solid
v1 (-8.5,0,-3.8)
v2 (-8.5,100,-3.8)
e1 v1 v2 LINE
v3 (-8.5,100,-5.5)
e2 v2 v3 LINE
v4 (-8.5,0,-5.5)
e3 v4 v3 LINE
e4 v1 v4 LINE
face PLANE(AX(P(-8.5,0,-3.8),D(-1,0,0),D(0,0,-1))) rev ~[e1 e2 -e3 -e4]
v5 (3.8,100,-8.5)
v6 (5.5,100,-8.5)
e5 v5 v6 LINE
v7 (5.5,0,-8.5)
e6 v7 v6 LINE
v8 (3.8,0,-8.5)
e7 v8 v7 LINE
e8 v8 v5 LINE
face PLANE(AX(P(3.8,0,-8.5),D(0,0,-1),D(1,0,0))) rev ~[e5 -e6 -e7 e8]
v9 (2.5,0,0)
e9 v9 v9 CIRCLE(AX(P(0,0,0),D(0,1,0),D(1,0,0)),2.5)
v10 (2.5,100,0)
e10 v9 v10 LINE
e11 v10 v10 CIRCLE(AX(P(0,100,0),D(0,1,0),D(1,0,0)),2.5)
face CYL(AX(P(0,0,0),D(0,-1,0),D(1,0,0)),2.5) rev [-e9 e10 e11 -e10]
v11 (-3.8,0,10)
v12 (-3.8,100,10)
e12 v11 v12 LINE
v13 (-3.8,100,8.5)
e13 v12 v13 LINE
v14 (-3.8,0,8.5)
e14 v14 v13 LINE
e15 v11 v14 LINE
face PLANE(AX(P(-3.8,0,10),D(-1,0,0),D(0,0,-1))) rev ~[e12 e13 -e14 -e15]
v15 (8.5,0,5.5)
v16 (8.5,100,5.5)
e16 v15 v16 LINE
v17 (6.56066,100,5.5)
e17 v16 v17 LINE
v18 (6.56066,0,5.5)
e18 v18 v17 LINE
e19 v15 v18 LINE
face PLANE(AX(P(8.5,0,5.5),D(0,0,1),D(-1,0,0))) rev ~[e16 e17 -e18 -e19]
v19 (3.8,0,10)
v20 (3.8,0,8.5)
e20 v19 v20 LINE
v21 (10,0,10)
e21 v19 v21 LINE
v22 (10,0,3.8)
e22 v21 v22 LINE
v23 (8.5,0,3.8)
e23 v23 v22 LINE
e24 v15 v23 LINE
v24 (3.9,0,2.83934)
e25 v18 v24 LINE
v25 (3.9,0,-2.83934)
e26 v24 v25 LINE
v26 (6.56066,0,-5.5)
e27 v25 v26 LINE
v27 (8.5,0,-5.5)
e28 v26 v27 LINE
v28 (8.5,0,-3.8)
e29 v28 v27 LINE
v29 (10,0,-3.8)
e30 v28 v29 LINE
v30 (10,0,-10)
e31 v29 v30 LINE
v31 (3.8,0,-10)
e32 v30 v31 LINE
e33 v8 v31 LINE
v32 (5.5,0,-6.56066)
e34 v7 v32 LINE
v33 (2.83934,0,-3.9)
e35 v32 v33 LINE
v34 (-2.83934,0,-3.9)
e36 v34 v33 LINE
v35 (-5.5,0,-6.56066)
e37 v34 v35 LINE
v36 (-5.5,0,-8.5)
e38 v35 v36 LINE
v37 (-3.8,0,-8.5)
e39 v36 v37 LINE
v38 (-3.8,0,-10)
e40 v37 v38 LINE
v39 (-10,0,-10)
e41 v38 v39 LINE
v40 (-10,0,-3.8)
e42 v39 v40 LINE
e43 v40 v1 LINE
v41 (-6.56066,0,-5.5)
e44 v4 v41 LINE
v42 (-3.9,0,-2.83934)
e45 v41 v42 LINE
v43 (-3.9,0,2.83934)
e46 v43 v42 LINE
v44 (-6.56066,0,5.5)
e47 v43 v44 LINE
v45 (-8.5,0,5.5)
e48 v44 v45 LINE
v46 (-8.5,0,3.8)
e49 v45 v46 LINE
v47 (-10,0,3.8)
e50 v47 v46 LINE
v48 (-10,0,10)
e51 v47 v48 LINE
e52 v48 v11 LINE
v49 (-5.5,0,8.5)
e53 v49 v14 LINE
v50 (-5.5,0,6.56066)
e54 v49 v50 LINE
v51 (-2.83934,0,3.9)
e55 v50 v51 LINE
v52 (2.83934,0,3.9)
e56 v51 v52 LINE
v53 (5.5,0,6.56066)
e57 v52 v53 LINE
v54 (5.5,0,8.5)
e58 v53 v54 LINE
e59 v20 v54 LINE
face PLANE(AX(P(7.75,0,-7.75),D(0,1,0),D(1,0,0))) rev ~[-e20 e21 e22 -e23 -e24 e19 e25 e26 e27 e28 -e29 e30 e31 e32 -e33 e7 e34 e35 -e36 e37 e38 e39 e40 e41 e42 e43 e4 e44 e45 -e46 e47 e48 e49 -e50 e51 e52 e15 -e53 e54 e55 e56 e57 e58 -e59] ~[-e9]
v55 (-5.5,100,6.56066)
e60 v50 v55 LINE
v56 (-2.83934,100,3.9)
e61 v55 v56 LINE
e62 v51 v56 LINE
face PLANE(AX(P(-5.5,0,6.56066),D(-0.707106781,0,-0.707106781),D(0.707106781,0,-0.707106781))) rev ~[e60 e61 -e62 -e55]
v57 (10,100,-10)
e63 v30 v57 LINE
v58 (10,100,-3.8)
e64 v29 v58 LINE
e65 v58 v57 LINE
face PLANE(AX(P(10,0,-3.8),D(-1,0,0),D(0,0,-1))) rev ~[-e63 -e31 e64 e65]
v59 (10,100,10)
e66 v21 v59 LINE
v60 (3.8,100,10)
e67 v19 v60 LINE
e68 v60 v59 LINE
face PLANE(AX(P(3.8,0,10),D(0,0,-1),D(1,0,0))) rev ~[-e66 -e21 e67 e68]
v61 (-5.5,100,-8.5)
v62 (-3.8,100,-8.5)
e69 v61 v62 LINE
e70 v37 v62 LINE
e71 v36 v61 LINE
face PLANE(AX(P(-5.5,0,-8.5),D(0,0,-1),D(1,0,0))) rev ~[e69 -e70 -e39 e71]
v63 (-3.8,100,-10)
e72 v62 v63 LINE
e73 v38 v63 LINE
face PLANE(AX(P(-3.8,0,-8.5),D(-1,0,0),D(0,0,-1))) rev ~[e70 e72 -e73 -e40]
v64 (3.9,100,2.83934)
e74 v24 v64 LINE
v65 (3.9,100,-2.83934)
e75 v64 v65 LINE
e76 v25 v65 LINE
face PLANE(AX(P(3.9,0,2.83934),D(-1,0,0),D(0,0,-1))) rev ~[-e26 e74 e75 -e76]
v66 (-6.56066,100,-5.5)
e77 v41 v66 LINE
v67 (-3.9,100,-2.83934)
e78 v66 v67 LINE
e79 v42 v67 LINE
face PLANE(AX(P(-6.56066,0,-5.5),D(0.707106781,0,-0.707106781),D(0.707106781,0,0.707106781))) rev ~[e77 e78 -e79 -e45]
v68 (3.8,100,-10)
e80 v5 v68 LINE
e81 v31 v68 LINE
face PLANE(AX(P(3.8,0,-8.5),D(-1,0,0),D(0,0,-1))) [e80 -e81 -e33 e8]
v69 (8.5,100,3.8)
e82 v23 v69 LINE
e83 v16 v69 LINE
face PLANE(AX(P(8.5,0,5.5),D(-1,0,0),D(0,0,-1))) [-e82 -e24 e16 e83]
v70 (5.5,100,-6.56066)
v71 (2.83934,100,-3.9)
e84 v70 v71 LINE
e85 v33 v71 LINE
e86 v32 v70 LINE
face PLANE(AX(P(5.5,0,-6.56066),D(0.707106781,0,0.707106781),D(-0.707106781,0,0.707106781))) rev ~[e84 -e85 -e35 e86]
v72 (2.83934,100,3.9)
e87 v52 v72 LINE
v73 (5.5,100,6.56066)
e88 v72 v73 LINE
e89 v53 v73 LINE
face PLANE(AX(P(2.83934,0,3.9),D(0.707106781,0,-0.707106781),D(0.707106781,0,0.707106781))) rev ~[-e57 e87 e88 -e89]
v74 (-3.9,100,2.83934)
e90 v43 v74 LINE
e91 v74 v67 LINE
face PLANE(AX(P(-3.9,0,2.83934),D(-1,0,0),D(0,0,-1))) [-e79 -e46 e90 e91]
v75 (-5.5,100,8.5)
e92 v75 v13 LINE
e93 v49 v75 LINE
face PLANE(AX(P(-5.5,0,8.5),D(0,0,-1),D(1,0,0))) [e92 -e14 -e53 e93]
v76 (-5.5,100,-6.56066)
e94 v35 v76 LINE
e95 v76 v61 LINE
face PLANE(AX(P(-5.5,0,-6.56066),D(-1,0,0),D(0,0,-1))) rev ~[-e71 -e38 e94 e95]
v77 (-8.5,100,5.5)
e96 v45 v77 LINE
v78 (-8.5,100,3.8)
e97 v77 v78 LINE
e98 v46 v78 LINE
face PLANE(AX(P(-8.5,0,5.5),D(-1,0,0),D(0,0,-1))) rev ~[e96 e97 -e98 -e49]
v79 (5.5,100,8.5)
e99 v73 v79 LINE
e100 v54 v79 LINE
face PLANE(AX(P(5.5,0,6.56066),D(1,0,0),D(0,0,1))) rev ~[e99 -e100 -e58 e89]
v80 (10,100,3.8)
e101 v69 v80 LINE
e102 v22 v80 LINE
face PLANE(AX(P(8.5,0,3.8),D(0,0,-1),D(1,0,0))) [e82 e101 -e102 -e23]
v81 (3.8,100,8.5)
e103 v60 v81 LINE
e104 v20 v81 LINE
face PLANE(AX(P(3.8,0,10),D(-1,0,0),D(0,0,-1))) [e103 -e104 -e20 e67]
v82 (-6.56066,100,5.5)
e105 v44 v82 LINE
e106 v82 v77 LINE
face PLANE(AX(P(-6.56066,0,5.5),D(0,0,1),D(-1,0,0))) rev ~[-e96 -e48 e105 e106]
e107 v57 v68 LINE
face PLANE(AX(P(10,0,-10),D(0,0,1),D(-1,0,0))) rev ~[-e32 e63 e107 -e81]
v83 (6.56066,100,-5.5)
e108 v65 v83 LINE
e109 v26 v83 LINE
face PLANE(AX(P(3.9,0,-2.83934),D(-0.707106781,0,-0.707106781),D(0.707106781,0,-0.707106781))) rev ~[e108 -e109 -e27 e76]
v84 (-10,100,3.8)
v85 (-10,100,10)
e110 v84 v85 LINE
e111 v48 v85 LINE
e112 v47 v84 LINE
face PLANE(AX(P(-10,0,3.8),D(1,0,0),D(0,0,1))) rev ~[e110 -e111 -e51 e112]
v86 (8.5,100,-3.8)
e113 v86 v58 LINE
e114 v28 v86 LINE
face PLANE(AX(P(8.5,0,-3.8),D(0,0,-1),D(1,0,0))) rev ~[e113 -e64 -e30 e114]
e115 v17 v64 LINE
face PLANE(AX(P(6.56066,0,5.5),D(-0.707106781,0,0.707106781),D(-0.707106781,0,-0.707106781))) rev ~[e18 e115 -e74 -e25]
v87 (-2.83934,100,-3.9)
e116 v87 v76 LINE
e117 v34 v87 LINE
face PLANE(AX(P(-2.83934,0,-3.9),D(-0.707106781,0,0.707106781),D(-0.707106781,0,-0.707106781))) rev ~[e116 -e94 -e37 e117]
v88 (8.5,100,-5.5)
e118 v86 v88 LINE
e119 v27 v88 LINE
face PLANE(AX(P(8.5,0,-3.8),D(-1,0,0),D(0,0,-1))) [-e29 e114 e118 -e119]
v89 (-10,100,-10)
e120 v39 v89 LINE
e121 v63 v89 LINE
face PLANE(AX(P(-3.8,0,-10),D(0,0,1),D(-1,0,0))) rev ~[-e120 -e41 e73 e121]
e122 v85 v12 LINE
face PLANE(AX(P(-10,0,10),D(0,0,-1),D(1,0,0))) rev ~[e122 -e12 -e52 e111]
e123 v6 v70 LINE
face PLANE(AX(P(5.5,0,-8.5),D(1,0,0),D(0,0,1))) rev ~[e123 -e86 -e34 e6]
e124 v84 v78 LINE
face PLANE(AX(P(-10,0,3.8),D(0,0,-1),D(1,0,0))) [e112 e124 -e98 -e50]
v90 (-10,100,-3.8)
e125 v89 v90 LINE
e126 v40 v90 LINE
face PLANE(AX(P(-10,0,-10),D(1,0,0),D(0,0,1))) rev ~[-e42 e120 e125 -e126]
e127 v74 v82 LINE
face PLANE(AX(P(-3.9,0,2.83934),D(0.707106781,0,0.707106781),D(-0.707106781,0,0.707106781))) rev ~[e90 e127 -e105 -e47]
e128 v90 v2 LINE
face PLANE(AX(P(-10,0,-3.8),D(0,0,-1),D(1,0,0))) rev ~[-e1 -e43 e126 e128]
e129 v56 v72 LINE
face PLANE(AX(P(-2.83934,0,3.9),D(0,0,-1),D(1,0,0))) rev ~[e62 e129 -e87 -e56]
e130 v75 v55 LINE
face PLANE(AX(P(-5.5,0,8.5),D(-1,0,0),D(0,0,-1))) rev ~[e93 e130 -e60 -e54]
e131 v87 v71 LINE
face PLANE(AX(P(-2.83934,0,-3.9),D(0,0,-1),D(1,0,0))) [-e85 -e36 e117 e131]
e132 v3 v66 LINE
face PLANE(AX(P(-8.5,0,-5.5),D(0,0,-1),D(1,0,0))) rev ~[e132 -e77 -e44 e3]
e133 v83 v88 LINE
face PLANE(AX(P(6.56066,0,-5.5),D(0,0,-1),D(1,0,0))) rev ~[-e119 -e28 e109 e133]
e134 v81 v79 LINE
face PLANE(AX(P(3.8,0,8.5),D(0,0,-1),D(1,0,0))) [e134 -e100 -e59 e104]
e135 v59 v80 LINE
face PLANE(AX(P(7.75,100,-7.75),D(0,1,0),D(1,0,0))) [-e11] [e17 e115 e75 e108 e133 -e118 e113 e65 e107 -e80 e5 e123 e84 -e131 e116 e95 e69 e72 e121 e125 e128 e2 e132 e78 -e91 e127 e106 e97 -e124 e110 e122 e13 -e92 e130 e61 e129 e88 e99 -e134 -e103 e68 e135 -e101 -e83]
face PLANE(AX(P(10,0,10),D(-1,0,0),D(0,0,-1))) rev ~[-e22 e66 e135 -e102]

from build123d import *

# Parameters (mm, degrees)
SKETCH_1_W      = 1.5
SKETCH_1_H      = 1.7
SKETCH_1_W_2    = 1.7
SKETCH_1_H_2    = 1.5
SKETCH_1_W_3    = 7.8
SKETCH_1_H_3    = 7.8
SKETCH_1_R      = 2.5
EXTRUDE_1_DEPTH = 100


with BuildPart() as part:
    # 草图1 → 凸台-拉伸1 (new body)
    with BuildSketch(Plane(origin=(0, 0, 0), x_dir=(1, 0, 0), z_dir=(0, 1, 0))):
        Polygon((5.5, 8.5), (5.5, 6.560660172), (5.5, 5.5), (6.560660172, 5.5), (8.5, 5.5), (10, 5.5), (10, 10), (5.5, 10), align=None)
        with Locations((9.25, 4.65)):
            Rectangle(SKETCH_1_W, SKETCH_1_H)
        Polygon((5.5, 6.560660172), (2.839339828, 3.9), (3.9, 3.9), (3.9, 2.839339828), (6.560660172, 5.5), (5.5, 5.5), align=None)
        with Locations((4.65, 9.25)):
            Rectangle(SKETCH_1_W_2, SKETCH_1_H_2)
        Rectangle(SKETCH_1_W_3, SKETCH_1_H_3)
        Circle(SKETCH_1_R, mode=Mode.SUBTRACT)
        with Locations((-4.65, 9.25)):
            Rectangle(SKETCH_1_W_2, SKETCH_1_H_2)
        Polygon((-8.5, 5.5), (-6.560660172, 5.5), (-5.5, 5.5), (-5.5, 6.560660172), (-5.5, 8.5), (-5.5, 10), (-10, 10), (-10, 5.5), align=None)
        with Locations((-9.25, 4.65)):
            Rectangle(SKETCH_1_W, SKETCH_1_H)
        Polygon((-5.5, 5.5), (-6.560660172, 5.5), (-3.9, 2.839339828), (-3.9, 3.9), (-2.839339828, 3.9), (-5.5, 6.560660172), align=None)
        Polygon((-5.5, -5.5), (-6.560660172, -5.5), (-8.5, -5.5), (-10, -5.5), (-10, -10), (-5.5, -10), (-5.5, -8.5), (-5.5, -6.560660172), align=None)
        with Locations((-4.65, -9.25)):
            Rectangle(SKETCH_1_W_2, SKETCH_1_H_2)
        with Locations((-9.25, -4.65)):
            Rectangle(SKETCH_1_W, SKETCH_1_H)
        Polygon((-3.9, -3.9), (-3.9, -2.839339828), (-6.560660172, -5.5), (-5.5, -5.5), (-5.5, -6.560660172), (-2.839339828, -3.9), align=None)
        Polygon((3.9, -3.9), (2.839339828, -3.9), (5.5, -6.560660172), (5.5, -5.5), (6.560660172, -5.5), (3.9, -2.839339828), align=None)
        Polygon((5.5, -5.5), (5.5, -6.560660172), (5.5, -8.5), (5.5, -10), (10, -10), (10, -5.5), (8.5, -5.5), (6.560660172, -5.5), align=None)
        with Locations((9.25, -4.65)):
            Rectangle(SKETCH_1_W, SKETCH_1_H)
        with Locations((4.65, -9.25)):
            Rectangle(SKETCH_1_W_2, SKETCH_1_H_2)
    extrude(amount=EXTRUDE_1_DEPTH)


solid = part.part
